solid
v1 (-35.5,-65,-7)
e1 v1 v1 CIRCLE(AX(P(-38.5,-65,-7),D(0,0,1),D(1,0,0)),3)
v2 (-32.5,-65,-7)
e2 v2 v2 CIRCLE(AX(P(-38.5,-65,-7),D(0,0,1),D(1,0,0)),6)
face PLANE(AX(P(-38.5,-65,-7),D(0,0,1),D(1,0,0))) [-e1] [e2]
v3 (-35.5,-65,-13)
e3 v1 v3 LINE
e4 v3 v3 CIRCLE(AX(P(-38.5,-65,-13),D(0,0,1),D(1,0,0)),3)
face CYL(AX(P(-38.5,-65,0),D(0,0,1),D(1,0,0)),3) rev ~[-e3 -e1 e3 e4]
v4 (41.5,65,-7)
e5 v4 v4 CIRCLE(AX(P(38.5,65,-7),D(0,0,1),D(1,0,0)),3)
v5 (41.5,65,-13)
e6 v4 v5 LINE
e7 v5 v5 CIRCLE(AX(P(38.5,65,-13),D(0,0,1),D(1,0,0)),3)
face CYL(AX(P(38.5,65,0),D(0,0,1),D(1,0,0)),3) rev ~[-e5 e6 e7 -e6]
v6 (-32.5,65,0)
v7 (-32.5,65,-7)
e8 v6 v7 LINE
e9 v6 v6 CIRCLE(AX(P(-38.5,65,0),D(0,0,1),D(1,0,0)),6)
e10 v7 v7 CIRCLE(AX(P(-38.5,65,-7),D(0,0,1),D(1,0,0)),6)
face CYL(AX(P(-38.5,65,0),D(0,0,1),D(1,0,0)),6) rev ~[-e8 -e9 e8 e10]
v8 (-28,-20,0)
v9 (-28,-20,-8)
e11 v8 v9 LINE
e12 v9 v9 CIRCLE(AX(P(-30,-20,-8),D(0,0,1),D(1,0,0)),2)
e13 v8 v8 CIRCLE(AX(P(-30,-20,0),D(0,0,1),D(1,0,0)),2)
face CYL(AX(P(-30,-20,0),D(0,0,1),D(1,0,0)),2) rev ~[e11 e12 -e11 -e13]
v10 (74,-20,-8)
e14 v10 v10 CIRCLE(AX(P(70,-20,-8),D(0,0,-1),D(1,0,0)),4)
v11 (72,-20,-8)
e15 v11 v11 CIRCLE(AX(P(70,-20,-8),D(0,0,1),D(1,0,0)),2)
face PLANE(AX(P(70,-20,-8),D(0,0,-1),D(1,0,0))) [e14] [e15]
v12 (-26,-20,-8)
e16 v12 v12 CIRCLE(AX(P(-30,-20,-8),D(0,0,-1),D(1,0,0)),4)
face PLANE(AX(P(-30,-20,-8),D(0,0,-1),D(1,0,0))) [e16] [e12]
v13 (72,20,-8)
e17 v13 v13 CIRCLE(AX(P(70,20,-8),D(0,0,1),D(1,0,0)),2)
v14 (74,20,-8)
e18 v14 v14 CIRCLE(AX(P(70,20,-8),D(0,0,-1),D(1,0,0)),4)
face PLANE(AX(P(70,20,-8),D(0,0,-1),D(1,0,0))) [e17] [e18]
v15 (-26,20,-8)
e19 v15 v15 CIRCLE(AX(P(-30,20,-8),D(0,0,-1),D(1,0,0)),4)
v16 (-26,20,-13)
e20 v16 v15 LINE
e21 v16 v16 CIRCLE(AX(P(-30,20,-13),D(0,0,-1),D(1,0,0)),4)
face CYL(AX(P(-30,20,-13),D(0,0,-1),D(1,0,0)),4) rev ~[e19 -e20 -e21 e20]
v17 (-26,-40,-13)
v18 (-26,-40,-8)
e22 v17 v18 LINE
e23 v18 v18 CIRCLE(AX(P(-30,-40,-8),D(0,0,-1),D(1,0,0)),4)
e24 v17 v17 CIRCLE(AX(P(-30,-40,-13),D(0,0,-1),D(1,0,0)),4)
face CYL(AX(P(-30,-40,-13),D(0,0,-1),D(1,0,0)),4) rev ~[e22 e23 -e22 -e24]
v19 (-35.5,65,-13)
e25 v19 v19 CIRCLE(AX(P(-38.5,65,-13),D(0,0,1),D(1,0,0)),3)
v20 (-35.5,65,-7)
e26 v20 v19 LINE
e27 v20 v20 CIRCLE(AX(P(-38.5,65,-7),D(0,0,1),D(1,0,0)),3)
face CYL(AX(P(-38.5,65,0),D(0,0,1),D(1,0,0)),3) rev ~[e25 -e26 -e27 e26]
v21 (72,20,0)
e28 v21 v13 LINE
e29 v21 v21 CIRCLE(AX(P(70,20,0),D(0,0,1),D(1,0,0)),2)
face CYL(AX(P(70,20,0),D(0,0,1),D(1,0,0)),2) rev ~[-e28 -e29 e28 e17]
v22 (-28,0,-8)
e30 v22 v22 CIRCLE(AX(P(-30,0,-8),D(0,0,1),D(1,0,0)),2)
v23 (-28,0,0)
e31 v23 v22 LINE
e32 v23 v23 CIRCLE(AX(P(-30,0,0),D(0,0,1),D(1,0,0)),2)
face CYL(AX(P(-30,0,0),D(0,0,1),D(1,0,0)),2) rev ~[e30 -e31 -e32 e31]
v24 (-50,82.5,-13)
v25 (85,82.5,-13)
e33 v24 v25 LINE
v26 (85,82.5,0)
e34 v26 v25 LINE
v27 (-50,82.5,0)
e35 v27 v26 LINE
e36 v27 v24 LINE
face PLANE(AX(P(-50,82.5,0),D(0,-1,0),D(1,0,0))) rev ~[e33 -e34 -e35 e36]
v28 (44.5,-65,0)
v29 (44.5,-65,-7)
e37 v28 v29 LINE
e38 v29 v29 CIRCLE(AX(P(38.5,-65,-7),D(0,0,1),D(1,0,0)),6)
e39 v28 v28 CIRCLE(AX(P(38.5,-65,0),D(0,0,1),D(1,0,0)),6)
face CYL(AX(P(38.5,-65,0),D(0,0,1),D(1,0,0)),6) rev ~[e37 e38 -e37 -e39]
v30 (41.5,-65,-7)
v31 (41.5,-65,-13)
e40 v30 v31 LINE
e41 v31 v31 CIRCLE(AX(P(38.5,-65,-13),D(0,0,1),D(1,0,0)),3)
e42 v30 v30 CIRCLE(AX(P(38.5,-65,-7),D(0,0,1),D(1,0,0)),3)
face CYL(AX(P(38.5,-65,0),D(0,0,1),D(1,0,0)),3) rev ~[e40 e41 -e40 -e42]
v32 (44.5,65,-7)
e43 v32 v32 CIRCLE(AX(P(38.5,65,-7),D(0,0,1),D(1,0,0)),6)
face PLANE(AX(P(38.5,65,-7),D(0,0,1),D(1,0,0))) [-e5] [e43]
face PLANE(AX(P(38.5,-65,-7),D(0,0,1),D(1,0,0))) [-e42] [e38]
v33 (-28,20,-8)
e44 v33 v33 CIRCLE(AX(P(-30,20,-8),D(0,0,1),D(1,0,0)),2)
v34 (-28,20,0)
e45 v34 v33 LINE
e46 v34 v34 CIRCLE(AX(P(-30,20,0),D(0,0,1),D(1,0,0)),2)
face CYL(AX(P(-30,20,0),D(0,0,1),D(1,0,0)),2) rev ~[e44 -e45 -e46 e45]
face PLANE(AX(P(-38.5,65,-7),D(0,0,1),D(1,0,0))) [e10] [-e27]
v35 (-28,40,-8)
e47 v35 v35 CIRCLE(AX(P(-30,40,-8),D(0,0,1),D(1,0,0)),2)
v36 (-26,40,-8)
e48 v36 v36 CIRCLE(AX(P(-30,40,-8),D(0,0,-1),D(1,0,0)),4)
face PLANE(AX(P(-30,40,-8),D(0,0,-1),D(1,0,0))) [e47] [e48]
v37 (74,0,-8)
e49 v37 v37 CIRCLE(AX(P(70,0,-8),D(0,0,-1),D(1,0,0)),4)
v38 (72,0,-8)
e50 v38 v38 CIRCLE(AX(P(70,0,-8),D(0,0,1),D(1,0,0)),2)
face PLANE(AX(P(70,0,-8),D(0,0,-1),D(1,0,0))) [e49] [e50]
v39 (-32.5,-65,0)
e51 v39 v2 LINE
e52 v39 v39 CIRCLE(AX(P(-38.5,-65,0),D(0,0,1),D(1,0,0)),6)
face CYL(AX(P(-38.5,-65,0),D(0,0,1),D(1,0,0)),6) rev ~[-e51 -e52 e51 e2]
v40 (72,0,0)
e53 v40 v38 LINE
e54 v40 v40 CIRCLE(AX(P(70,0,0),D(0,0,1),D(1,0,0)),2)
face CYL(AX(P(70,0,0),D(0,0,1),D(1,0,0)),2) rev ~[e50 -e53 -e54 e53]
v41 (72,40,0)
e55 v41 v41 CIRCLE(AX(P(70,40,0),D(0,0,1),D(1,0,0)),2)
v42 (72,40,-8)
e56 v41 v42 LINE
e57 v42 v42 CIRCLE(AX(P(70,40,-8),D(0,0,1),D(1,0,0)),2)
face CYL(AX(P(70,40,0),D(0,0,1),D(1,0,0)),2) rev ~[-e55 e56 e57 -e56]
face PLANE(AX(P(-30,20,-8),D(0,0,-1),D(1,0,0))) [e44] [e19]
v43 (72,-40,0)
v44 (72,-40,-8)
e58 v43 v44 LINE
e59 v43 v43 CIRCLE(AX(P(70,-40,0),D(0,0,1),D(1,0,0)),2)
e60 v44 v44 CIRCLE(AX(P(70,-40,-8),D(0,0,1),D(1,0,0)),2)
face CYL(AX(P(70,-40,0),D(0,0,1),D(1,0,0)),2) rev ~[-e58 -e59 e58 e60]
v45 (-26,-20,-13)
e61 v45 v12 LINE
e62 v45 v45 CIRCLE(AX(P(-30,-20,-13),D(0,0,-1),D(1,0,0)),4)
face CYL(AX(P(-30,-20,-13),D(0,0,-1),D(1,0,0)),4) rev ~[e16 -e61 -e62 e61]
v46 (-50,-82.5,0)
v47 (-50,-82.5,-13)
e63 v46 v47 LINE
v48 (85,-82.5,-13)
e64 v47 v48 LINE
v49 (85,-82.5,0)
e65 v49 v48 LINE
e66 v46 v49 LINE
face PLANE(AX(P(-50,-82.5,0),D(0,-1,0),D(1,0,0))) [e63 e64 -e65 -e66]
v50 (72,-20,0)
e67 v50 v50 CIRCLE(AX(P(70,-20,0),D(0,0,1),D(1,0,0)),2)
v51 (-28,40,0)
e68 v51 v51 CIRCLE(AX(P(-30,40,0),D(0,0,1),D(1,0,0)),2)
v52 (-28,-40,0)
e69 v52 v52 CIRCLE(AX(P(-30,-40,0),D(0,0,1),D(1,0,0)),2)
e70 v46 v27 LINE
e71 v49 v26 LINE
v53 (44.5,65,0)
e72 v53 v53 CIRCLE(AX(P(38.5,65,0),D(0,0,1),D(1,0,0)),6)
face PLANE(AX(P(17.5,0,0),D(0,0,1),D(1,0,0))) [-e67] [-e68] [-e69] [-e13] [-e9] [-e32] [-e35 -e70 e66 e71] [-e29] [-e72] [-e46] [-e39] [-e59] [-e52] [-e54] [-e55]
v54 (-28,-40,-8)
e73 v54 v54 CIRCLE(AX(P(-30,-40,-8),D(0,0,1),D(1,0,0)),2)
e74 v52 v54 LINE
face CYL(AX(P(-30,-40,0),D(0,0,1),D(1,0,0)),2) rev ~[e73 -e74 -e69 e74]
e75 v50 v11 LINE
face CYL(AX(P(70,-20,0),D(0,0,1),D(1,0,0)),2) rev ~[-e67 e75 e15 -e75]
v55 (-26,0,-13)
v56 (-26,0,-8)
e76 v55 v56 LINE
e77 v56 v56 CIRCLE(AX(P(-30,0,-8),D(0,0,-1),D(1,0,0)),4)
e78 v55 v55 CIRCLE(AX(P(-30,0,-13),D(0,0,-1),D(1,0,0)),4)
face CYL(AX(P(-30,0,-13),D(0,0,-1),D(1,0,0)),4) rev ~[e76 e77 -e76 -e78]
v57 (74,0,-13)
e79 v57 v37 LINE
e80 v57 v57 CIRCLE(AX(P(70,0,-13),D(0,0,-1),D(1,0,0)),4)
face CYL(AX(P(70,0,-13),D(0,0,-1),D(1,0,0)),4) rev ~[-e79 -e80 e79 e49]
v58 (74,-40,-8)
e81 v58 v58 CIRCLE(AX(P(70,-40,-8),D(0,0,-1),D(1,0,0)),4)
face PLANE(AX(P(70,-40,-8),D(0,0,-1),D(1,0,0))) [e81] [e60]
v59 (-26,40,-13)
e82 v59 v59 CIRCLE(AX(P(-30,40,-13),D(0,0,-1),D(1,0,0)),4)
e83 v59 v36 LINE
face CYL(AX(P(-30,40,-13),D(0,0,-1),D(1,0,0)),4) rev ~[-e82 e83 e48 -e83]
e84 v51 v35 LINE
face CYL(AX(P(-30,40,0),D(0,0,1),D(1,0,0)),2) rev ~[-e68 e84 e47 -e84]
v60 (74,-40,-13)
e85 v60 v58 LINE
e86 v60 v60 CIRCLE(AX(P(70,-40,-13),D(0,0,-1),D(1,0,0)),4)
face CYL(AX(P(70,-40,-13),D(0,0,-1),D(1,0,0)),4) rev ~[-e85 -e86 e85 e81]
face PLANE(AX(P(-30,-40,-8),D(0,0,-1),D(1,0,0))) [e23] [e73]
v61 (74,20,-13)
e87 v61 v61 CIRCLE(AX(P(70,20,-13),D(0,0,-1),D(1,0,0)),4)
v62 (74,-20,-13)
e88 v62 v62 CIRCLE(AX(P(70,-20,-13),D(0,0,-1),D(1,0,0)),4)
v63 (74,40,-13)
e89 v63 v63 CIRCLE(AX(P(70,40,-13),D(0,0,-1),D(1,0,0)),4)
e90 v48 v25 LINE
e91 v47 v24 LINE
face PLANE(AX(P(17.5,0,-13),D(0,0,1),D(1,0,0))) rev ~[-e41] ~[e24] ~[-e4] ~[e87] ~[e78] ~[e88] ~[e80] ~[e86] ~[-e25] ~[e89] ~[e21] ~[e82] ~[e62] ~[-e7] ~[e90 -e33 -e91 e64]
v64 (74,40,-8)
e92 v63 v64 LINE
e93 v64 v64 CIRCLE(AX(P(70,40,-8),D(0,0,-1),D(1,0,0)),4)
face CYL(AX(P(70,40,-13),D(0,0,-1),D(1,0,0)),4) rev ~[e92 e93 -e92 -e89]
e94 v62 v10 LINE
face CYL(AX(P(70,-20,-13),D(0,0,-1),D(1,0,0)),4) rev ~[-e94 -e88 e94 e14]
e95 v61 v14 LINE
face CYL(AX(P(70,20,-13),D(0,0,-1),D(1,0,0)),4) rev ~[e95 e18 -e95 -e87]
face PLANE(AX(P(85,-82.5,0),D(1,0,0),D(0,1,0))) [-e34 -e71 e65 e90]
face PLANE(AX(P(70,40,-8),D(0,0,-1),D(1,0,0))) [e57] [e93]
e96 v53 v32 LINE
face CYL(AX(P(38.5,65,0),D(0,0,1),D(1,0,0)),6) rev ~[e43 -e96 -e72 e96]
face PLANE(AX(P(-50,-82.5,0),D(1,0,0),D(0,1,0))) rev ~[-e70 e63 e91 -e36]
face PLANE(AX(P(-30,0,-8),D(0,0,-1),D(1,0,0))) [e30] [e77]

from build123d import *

# Parameters (mm, degrees)
F0_W     = 135
F0_H     = 165
F0_R     = 6
F0_R_2   = 2
F0_R_3   = 3
F1_DEPTH = 13
F2_R     = 6
F3_DEPTH = 7
F4_R     = 4
F5_DEPTH = 5


with BuildPart() as f1:
    # F0 (on Top) → F1 (new body)
    with BuildSketch(Plane.XY):
        with Locations((17.5, 0)):
            Rectangle(F0_W, F0_H)
        with Locations((-38.5, -65)):
            Circle(F0_R, mode=Mode.SUBTRACT)
        with Locations((-30, -40)):
            Circle(F0_R_2, mode=Mode.SUBTRACT)
        with Locations((-30, -20)):
            Circle(F0_R_2, mode=Mode.SUBTRACT)
        with Locations((38.5, -65)):
            Circle(F0_R, mode=Mode.SUBTRACT)
        with Locations((70, -40)):
            Circle(F0_R_2, mode=Mode.SUBTRACT)
        with Locations((70, -20)):
            Circle(F0_R_2, mode=Mode.SUBTRACT)
        with Locations((-30, 0)):
            Circle(F0_R_2, mode=Mode.SUBTRACT)
        with Locations((-30, 20)):
            Circle(F0_R_2, mode=Mode.SUBTRACT)
        with Locations((-30, 40)):
            Circle(F0_R_2, mode=Mode.SUBTRACT)
        with Locations((-38.5, 65)):
            Circle(F0_R, mode=Mode.SUBTRACT)
        with Locations((70, 0)):
            Circle(F0_R_2, mode=Mode.SUBTRACT)
        with Locations((70, 20)):
            Circle(F0_R_2, mode=Mode.SUBTRACT)
        with Locations((70, 40)):
            Circle(F0_R_2, mode=Mode.SUBTRACT)
        with Locations((38.5, 65)):
            Circle(F0_R, mode=Mode.SUBTRACT)
        with Locations((-38.5, 65)):
            Circle(F0_R)
        with Locations((-38.5, 65)):
            Circle(F0_R_3, mode=Mode.SUBTRACT)
        with Locations((38.5, 65)):
            Circle(F0_R)
        with Locations((38.5, 65)):
            Circle(F0_R_3, mode=Mode.SUBTRACT)
        with Locations((38.5, -65)):
            Circle(F0_R)
        with Locations((38.5, -65)):
            Circle(F0_R_3, mode=Mode.SUBTRACT)
        with Locations((-38.5, -65)):
            Circle(F0_R)
        with Locations((-38.5, -65)):
            Circle(F0_R_3, mode=Mode.SUBTRACT)
    extrude(amount=-F1_DEPTH)

    # F0 (on Top) + F2 (on face) → F3 (cut)
    with BuildSketch(Plane.XY):
        with Locations((-38.5, 65)):
            Circle(F0_R)
        with Locations((-38.5, 65)):
            Circle(F0_R_3, mode=Mode.SUBTRACT)
        with Locations((-38.5, 65)):
            Circle(F0_R_3)
        with Locations((38.5, 65)):
            Circle(F0_R)
        with Locations((38.5, 65)):
            Circle(F0_R_3, mode=Mode.SUBTRACT)
        with Locations((38.5, 65)):
            Circle(F0_R_3)
        with Locations((-38.5, -65)):
            Circle(F0_R)
        with Locations((-38.5, -65)):
            Circle(F0_R_3, mode=Mode.SUBTRACT)
        with Locations((38.5, -65)):
            Circle(F0_R)
        with Locations((38.5, -65)):
            Circle(F0_R_3, mode=Mode.SUBTRACT)
        with Locations((38.5, -65)):
            Circle(F0_R_3)
    with BuildSketch(Plane.XY):
        with Locations((-38.5, 65)):
            Circle(F2_R)
        with Locations((-38.5, -65)):
            Circle(F2_R)
    extrude(amount=-F3_DEPTH, mode=Mode.SUBTRACT)

    # F4 (on face) → F5 (cut)
    with BuildSketch(Plane(origin=(0, 0, -13), x_dir=(1, 0, 0), z_dir=(0, 0, -1))):
        with Locations((-30, 40)):
            Circle(F4_R)
        with Locations((-30, 20)):
            Circle(F4_R)
        with Locations((-30, 0)):
            Circle(F4_R)
        with Locations((-30, -20)):
            Circle(F4_R)
        with Locations((-30, -40)):
            Circle(F4_R)
        with Locations((70, 40)):
            Circle(F4_R)
        with Locations((70, 0)):
            Circle(F4_R)
        with Locations((70, -20)):
            Circle(F4_R)
        with Locations((70, -40)):
            Circle(F4_R)
        with Locations((70, 20)):
            Circle(F4_R)
    extrude(amount=-F5_DEPTH, mode=Mode.SUBTRACT)


solid = f1.part
